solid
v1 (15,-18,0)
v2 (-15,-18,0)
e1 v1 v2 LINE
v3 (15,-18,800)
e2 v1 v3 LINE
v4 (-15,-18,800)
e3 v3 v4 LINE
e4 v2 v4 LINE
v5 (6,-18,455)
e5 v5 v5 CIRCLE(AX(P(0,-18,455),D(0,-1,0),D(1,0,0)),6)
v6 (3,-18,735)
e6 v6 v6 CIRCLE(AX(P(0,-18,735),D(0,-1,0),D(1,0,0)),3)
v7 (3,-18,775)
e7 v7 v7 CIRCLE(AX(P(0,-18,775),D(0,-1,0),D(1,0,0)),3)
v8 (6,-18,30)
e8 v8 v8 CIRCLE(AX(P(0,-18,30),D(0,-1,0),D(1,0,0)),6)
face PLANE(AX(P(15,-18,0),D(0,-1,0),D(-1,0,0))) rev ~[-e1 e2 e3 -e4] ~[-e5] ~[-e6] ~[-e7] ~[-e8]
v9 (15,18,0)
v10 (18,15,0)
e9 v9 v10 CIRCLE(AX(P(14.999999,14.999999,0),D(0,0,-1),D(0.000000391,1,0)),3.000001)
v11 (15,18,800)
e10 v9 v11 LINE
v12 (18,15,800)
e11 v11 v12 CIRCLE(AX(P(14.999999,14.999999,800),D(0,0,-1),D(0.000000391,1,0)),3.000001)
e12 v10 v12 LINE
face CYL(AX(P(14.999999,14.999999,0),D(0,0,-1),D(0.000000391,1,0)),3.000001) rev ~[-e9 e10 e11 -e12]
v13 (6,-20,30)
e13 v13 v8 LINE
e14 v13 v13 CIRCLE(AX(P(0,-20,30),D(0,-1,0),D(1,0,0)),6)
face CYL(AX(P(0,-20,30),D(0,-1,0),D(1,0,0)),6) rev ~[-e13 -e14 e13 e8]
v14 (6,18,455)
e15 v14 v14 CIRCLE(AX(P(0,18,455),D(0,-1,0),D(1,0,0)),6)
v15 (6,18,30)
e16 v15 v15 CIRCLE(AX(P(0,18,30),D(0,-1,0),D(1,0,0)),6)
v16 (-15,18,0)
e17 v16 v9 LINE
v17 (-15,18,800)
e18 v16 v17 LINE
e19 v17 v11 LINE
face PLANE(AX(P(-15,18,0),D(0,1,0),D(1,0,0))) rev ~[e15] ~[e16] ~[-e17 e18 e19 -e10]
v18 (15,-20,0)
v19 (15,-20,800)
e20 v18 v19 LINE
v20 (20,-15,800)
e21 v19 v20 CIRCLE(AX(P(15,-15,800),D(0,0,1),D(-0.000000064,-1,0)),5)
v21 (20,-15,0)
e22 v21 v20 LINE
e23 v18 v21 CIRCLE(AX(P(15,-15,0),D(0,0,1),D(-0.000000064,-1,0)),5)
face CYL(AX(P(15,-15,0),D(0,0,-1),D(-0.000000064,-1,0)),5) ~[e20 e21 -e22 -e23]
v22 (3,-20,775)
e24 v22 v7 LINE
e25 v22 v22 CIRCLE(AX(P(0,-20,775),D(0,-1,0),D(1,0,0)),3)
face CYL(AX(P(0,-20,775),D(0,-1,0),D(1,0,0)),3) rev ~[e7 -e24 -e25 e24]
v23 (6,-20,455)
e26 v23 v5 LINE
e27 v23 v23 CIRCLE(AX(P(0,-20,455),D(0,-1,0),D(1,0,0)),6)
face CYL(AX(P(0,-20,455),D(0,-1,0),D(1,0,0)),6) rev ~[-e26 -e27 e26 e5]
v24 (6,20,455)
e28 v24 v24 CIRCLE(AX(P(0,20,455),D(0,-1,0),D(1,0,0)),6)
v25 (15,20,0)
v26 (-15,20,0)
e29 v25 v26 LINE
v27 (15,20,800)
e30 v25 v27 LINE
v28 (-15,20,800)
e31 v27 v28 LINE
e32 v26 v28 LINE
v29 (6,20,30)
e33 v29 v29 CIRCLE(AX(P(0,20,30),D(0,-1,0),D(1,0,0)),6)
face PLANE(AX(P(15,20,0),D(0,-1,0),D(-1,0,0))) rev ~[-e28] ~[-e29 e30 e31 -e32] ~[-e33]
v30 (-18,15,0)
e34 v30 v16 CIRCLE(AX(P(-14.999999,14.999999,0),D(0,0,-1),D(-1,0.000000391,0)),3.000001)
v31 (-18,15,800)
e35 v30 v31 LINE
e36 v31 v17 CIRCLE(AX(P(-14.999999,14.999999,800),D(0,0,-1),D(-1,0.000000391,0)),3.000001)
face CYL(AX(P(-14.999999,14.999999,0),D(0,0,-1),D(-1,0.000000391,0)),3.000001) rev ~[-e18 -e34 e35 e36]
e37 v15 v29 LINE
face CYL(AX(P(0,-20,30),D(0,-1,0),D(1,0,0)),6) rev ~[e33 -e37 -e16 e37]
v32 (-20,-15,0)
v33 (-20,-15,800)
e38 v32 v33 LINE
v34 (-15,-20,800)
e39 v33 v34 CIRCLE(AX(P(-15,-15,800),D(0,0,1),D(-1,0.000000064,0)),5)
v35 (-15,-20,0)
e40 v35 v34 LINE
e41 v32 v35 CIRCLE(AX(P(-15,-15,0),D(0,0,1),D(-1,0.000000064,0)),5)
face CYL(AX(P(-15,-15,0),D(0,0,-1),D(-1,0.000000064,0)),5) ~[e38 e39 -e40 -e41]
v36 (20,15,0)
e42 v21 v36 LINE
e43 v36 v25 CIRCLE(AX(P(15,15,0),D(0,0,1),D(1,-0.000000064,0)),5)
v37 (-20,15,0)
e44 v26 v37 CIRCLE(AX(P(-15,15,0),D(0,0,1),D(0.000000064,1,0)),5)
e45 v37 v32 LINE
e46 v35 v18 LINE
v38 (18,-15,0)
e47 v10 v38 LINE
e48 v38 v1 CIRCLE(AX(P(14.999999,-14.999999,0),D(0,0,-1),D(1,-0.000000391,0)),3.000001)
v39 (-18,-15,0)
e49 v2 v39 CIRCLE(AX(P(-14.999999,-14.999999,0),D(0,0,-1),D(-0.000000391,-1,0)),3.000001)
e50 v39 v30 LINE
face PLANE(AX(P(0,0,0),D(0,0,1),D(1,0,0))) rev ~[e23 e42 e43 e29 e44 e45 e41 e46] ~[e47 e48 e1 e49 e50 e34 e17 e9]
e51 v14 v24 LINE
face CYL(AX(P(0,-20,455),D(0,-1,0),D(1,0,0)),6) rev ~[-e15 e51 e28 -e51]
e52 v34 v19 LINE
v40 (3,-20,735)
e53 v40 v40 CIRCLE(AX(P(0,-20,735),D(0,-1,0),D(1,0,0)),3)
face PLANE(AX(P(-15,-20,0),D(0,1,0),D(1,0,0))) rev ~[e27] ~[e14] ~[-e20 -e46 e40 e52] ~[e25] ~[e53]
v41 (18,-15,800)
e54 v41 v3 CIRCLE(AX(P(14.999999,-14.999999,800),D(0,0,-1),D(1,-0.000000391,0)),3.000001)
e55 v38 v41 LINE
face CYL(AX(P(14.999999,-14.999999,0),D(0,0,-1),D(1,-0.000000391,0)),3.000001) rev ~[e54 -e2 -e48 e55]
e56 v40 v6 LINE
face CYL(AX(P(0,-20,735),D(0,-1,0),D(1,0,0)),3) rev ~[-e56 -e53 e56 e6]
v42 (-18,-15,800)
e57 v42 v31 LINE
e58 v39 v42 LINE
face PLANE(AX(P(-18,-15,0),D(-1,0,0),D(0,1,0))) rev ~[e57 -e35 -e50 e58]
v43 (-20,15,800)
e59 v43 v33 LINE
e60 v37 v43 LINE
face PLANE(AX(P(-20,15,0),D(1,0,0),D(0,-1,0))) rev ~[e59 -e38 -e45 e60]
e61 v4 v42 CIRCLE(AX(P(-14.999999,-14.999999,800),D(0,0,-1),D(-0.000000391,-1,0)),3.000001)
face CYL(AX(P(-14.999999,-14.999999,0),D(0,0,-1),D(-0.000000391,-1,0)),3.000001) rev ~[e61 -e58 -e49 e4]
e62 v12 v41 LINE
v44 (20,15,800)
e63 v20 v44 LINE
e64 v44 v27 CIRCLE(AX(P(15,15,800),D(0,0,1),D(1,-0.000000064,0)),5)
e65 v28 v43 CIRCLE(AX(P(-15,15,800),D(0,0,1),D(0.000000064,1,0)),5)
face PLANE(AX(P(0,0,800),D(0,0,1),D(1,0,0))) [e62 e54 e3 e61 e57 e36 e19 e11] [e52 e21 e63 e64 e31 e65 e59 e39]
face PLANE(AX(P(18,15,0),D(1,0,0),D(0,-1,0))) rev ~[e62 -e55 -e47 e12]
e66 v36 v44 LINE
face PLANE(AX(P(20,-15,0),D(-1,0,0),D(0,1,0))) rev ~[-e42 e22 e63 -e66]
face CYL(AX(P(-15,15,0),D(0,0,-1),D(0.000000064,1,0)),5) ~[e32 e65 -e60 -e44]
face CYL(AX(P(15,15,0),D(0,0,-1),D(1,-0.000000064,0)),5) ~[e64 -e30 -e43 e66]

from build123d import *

# Parameters (mm, degrees)
F1_DEPTH = 800
F2_R     = 3
F3_DEPTH = 25
F5_R     = 6
F6_DEPTH = 40.001


with BuildPart() as f1:
    # F0 (on Top) → F1 (new body)
    with BuildSketch(Plane.XY):
        with BuildLine():
            Line((-15, -20), (15, -20))
            ThreePointArc((15, -20), (18.535534, -18.535534), (20, -15))
            Line((20, -15), (20, 15))
            ThreePointArc((20, 15), (18.535534, 18.535534), (15, 20))
            Line((15, 20), (-15, 20))
            ThreePointArc((-15, 20), (-18.535534, 18.535534), (-20, 15))
            Line((-20, 15), (-20, -15))
            ThreePointArc((-20, -15), (-18.535534, -18.535534), (-15, -20))
        make_face()
        with BuildLine():
            ThreePointArc((18, -15), (17.12132, -17.12132), (15, -18))
            Line((15, -18), (-15, -18))
            ThreePointArc((-15, -18), (-17.12132, -17.12132), (-18, -15))
            Line((-18, -15), (-18, 15))
            ThreePointArc((-18, 15), (-17.12132, 17.12132), (-15, 18))
            Line((-15, 18), (15, 18))
            ThreePointArc((15, 18), (17.12132, 17.12132), (18, 15))
            Line((18, 15), (18, -15))
        make_face(mode=Mode.SUBTRACT)
    extrude(amount=F1_DEPTH)

    # F2 (on face) → F3 (cut)
    with BuildSketch(Plane.XZ.offset(20)):
        with Locations((0, 775)):
            Circle(F2_R)
        with Locations((0, 735)):
            Circle(F2_R)
    extrude(amount=-F3_DEPTH, mode=Mode.SUBTRACT)

    # F5 (on face) → F6 (cut, through all)
    with BuildSketch(Plane.XZ.offset(20)):
        with Locations((0, 455)):
            Circle(F5_R)
        with Locations((0, 30)):
            Circle(F5_R)
    extrude(amount=-F6_DEPTH, mode=Mode.SUBTRACT)


solid = f1.part
